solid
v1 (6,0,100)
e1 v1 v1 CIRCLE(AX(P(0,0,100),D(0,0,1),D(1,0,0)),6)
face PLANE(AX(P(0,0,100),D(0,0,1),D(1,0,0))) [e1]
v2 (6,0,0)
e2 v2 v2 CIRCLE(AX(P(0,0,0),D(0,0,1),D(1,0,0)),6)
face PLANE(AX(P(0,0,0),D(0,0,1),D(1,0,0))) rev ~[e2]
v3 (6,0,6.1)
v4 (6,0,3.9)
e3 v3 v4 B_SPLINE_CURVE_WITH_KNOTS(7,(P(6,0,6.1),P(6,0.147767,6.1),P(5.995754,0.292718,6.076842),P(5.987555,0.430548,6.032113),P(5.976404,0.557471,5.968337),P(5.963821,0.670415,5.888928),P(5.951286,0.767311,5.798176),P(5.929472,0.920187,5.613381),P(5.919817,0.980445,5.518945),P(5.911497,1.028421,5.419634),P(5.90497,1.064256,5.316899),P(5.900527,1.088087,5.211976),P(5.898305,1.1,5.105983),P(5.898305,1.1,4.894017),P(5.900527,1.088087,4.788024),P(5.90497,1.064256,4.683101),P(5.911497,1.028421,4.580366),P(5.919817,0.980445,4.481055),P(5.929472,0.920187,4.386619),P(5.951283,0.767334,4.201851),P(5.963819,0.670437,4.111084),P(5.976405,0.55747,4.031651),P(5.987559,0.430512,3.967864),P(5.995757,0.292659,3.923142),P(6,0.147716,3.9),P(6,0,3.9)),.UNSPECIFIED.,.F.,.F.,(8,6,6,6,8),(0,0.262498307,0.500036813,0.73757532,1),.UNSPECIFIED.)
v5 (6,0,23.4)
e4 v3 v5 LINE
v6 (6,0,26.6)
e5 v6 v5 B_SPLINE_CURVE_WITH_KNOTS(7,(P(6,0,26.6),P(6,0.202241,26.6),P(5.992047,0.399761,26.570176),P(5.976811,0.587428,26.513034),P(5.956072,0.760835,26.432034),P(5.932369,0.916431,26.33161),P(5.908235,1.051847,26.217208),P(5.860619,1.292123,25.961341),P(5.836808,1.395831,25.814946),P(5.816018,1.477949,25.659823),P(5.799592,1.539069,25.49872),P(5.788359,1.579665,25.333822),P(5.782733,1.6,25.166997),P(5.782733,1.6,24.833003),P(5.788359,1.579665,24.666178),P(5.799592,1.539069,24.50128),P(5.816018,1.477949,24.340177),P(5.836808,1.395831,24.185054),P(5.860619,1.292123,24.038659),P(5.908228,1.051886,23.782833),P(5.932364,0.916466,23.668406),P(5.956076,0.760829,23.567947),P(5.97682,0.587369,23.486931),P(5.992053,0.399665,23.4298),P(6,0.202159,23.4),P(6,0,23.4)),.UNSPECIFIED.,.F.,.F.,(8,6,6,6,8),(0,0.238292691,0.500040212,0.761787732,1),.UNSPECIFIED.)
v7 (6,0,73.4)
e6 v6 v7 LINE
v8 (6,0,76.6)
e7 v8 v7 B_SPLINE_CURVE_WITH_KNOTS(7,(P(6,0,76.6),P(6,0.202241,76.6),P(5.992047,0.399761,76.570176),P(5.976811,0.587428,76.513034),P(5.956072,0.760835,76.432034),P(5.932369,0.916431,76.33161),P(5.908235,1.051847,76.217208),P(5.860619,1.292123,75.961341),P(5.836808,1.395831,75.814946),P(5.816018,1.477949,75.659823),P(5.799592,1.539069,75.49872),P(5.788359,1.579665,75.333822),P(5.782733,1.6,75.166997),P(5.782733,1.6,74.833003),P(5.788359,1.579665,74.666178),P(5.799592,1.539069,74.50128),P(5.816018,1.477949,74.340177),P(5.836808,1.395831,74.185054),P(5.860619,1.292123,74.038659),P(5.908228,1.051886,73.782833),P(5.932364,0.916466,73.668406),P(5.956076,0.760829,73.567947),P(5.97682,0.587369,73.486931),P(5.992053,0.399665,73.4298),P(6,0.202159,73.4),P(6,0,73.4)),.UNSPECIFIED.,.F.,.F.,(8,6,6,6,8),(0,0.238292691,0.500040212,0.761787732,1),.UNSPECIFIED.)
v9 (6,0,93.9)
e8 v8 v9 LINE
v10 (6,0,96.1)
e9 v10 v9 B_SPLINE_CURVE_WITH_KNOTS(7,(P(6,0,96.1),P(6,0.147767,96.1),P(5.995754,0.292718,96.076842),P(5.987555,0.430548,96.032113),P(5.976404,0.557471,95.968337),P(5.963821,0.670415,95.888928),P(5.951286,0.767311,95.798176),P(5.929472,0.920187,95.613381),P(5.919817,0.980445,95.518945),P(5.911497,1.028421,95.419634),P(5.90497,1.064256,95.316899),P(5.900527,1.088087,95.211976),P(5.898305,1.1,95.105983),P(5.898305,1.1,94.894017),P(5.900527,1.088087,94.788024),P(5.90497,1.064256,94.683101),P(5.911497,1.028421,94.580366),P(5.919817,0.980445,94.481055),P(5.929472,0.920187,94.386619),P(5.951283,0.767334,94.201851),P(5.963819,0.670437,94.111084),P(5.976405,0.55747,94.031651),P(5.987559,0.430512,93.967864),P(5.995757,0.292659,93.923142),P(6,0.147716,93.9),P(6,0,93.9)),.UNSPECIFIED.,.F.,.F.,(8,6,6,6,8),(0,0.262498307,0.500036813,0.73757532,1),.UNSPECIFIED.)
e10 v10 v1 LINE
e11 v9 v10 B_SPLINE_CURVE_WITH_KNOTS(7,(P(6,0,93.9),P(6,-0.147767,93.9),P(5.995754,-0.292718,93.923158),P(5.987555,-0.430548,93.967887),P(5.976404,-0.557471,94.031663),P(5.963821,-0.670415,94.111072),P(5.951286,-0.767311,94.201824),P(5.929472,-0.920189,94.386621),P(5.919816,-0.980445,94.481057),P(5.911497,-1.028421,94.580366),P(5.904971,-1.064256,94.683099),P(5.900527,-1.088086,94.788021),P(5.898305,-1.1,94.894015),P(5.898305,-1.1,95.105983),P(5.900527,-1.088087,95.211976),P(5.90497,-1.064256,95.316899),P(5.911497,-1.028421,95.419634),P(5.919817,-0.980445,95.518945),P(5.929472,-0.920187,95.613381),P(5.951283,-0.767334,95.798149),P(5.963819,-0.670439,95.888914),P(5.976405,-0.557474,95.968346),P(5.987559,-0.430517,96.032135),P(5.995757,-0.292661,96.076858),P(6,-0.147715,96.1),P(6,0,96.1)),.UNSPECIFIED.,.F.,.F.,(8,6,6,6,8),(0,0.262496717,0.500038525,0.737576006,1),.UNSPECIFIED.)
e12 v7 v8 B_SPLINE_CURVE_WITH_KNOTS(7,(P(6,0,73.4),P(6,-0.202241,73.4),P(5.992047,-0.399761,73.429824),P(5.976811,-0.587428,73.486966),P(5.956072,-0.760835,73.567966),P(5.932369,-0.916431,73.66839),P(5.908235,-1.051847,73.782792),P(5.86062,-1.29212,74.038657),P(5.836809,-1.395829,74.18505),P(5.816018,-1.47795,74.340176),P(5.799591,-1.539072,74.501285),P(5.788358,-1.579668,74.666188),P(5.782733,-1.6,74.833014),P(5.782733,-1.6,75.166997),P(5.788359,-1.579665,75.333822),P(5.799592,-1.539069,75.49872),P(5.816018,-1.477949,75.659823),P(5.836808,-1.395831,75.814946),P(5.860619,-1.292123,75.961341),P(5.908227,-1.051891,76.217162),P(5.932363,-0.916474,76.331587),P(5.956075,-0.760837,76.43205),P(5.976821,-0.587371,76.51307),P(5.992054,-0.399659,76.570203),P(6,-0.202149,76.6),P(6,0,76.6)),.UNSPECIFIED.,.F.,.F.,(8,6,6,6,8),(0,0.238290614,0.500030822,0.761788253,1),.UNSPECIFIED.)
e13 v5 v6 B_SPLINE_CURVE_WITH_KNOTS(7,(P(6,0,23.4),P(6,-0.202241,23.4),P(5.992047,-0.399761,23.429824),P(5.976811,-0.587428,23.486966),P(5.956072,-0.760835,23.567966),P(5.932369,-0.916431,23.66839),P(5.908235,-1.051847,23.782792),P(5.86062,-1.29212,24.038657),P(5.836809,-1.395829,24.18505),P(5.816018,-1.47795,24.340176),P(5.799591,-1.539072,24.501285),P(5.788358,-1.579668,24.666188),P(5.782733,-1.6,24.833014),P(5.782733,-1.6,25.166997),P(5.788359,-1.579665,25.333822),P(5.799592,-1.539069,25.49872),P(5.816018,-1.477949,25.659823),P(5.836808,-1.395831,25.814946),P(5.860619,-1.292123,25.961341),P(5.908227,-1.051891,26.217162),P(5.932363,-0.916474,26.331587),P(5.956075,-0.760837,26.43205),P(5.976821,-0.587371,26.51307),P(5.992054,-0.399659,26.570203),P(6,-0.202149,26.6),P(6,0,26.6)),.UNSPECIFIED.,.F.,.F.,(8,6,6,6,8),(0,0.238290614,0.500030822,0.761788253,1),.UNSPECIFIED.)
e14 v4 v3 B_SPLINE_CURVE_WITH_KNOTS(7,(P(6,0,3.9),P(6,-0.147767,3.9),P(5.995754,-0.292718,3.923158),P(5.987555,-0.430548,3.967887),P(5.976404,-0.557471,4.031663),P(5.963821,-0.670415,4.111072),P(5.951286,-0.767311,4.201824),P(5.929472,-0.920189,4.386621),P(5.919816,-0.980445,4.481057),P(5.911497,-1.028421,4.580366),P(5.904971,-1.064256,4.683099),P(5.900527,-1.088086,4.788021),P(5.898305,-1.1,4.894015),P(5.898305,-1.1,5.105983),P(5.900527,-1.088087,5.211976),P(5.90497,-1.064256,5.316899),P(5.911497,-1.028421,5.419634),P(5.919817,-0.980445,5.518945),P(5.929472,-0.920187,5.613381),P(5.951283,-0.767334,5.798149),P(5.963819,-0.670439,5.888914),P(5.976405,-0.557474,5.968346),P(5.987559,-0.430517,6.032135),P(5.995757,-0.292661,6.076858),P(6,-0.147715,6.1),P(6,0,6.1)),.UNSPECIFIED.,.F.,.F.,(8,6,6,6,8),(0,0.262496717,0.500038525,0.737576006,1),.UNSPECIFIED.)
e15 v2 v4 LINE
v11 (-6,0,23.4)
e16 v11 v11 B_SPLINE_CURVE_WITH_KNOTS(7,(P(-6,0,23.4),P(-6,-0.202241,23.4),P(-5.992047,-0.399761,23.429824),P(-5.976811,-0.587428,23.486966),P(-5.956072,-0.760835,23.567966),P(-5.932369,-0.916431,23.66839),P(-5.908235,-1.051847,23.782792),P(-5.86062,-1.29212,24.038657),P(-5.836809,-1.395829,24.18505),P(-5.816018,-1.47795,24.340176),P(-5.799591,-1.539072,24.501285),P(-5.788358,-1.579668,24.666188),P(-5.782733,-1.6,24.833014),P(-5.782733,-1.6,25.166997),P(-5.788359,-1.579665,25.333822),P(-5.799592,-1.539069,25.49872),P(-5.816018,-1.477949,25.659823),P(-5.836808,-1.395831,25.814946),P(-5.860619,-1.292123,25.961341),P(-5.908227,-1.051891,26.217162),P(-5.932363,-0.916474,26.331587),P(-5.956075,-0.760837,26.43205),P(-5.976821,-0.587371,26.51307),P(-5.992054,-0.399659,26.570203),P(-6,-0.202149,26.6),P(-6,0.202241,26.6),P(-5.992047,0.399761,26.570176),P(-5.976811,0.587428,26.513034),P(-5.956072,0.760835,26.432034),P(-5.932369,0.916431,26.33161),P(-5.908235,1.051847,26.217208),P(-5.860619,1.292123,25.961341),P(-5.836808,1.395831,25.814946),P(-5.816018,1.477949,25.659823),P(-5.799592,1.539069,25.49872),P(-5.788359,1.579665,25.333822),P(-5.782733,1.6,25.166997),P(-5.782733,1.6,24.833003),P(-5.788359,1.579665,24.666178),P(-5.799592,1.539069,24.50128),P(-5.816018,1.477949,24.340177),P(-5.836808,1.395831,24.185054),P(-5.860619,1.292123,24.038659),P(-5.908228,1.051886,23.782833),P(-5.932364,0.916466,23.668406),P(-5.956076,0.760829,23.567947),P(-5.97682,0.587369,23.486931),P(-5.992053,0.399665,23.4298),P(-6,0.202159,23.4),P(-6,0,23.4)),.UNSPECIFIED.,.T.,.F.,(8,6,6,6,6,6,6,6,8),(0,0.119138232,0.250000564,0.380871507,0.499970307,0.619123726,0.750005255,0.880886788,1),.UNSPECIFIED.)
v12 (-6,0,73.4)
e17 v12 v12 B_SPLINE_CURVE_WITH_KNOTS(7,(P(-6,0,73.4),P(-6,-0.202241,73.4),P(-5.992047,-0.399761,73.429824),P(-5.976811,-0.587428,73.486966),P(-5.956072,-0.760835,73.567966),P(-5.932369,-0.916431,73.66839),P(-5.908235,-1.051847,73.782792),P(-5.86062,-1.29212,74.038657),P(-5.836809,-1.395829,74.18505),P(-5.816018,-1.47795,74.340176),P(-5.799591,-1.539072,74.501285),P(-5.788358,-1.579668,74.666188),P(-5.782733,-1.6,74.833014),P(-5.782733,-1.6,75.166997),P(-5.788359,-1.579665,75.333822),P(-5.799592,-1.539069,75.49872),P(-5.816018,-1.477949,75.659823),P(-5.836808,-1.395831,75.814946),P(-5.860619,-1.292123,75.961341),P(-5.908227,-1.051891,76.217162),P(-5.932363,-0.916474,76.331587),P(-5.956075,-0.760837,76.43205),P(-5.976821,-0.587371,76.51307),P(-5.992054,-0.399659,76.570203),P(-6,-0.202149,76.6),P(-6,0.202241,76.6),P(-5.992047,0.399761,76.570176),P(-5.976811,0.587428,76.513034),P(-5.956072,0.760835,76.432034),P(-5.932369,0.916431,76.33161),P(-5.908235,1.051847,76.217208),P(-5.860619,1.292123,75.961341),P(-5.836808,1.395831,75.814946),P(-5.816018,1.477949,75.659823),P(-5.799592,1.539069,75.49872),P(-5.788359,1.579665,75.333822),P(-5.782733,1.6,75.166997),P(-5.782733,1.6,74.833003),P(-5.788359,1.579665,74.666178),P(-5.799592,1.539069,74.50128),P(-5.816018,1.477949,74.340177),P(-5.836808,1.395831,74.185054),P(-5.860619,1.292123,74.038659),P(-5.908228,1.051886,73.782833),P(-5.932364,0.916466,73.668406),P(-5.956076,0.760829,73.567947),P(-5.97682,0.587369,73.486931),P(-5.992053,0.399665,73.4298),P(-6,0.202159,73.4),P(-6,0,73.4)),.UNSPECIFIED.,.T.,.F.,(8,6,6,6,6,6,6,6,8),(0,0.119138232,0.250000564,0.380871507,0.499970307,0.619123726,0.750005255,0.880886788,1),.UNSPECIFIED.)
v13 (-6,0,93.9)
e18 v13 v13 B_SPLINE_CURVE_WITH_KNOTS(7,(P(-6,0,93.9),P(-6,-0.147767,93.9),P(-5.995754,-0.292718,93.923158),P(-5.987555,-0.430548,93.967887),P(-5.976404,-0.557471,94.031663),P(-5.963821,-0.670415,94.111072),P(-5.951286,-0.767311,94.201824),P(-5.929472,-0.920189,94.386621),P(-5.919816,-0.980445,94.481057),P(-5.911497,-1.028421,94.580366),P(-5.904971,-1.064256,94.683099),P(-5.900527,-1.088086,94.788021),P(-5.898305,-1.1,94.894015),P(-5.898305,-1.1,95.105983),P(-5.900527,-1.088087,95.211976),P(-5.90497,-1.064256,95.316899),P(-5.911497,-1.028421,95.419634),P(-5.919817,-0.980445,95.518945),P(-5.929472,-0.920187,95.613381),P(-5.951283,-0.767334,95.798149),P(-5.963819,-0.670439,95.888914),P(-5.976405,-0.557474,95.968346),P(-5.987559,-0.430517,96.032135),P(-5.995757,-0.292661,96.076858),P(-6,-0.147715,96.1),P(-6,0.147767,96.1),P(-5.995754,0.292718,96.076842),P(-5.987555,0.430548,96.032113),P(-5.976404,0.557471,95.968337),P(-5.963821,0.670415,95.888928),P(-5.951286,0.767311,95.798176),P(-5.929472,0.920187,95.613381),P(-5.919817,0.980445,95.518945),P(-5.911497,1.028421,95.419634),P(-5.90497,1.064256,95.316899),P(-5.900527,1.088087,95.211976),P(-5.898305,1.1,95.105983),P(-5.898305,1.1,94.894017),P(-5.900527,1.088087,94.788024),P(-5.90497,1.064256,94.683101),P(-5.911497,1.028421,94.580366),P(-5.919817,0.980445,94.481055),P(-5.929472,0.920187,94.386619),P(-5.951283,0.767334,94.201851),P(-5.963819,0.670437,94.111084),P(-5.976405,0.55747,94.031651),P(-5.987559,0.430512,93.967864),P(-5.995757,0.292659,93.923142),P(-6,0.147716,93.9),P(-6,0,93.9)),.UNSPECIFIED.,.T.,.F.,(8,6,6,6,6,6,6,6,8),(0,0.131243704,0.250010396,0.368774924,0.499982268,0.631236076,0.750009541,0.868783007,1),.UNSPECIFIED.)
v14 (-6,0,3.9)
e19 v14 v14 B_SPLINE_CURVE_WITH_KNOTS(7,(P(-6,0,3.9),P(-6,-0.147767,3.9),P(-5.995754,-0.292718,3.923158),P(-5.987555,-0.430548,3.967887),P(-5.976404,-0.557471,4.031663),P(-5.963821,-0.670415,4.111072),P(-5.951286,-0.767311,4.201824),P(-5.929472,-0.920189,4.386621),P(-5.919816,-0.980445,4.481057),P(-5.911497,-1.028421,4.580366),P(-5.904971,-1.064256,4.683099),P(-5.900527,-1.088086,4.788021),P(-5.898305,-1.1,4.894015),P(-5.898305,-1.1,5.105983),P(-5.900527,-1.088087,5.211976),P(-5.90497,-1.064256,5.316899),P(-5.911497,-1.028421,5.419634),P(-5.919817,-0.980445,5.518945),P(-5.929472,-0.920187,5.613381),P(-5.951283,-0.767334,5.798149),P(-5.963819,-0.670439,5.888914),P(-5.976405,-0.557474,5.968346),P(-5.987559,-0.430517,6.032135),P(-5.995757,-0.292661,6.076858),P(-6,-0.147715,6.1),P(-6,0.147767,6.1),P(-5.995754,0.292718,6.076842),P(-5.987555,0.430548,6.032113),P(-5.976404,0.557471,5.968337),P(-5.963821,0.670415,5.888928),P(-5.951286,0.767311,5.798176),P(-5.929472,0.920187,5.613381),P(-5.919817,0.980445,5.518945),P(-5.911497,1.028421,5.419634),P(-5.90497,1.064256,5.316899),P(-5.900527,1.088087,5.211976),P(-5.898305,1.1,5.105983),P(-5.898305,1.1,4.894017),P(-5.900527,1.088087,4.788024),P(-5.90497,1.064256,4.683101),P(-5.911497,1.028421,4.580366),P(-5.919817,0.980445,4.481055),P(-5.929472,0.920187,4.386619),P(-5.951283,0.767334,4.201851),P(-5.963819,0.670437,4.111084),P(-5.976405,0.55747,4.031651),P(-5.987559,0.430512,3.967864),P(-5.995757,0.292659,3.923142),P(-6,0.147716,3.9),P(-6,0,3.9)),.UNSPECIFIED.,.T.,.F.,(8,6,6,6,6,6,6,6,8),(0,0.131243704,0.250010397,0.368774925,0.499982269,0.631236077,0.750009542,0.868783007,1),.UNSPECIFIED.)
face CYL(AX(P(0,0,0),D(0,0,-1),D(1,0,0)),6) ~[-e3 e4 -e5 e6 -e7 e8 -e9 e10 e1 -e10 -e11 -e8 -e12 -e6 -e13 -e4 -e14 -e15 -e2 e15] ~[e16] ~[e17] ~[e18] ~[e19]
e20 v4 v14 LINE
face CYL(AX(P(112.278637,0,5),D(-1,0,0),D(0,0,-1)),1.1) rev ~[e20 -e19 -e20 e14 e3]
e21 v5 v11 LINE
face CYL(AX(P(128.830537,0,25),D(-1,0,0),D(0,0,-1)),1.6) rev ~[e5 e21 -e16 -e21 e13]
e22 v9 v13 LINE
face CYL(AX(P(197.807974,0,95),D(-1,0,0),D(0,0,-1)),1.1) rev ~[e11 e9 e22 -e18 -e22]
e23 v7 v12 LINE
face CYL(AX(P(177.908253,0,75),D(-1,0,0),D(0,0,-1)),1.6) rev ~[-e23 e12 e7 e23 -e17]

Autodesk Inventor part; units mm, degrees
ref_plane "YZ Plane" through (0, 0, 0) normal (1, 0, 0) x (0, 1, 0)
ref_plane "XZ Plane" through (0, 0, 0) normal (0, 1, 0) x (-1, 0, 0)
ref_plane "XY Plane" through (0, 0, 0) normal (0, 0, 1) x (1, 0, 0)
sketch "スケッチ1" plane through (0, 0, 0) normal (0, 0, 1) x (1, 0, 0)
  circle A0 centre (0, 0) radius 6
  dimension "d0" = 12
extrude "押し出し1" add sketch "スケッチ1" along normal blind 100
sketch "スケッチ2" plane through (0, 0, 0) normal (1, 0, 0) x (0, 1, 0)
  line L0 (0, 0) -> (0, 100)
  line L1 (6, 100) -> (-6, 100) projected
  point P0 (0, 75)
  point P1 (0, 25)
  point P2 (0, 50)
  dimension "d3" = 25
  dimension "d4" = 25
hole "穴1" at (0, 0, 75) at (0, 0, 25) direction (-1, 0, 0) diameter 3.2 end through all both
sketch "スケッチ3" plane through (0, 0, 0) normal (1, 0, 0) x (0, 1, 0)
  line L0 (0, 0) -> (0, 100)
  line L1 (6, 100) -> (-6, 100) projected
  line L2 (6, 0) -> (-6, 0) projected
  point P0 (0, 95)
  point P1 (0, 5)
  dimension "d12" = 5
  dimension "d13" = 5
hole "穴2" at (0, 0, 95) at (0, 0, 5) direction (-1, 0, 0) diameter 2.2 end through all both
equation "\"d3\" = d4"
properties part number "xx_jiku_kakudo"
